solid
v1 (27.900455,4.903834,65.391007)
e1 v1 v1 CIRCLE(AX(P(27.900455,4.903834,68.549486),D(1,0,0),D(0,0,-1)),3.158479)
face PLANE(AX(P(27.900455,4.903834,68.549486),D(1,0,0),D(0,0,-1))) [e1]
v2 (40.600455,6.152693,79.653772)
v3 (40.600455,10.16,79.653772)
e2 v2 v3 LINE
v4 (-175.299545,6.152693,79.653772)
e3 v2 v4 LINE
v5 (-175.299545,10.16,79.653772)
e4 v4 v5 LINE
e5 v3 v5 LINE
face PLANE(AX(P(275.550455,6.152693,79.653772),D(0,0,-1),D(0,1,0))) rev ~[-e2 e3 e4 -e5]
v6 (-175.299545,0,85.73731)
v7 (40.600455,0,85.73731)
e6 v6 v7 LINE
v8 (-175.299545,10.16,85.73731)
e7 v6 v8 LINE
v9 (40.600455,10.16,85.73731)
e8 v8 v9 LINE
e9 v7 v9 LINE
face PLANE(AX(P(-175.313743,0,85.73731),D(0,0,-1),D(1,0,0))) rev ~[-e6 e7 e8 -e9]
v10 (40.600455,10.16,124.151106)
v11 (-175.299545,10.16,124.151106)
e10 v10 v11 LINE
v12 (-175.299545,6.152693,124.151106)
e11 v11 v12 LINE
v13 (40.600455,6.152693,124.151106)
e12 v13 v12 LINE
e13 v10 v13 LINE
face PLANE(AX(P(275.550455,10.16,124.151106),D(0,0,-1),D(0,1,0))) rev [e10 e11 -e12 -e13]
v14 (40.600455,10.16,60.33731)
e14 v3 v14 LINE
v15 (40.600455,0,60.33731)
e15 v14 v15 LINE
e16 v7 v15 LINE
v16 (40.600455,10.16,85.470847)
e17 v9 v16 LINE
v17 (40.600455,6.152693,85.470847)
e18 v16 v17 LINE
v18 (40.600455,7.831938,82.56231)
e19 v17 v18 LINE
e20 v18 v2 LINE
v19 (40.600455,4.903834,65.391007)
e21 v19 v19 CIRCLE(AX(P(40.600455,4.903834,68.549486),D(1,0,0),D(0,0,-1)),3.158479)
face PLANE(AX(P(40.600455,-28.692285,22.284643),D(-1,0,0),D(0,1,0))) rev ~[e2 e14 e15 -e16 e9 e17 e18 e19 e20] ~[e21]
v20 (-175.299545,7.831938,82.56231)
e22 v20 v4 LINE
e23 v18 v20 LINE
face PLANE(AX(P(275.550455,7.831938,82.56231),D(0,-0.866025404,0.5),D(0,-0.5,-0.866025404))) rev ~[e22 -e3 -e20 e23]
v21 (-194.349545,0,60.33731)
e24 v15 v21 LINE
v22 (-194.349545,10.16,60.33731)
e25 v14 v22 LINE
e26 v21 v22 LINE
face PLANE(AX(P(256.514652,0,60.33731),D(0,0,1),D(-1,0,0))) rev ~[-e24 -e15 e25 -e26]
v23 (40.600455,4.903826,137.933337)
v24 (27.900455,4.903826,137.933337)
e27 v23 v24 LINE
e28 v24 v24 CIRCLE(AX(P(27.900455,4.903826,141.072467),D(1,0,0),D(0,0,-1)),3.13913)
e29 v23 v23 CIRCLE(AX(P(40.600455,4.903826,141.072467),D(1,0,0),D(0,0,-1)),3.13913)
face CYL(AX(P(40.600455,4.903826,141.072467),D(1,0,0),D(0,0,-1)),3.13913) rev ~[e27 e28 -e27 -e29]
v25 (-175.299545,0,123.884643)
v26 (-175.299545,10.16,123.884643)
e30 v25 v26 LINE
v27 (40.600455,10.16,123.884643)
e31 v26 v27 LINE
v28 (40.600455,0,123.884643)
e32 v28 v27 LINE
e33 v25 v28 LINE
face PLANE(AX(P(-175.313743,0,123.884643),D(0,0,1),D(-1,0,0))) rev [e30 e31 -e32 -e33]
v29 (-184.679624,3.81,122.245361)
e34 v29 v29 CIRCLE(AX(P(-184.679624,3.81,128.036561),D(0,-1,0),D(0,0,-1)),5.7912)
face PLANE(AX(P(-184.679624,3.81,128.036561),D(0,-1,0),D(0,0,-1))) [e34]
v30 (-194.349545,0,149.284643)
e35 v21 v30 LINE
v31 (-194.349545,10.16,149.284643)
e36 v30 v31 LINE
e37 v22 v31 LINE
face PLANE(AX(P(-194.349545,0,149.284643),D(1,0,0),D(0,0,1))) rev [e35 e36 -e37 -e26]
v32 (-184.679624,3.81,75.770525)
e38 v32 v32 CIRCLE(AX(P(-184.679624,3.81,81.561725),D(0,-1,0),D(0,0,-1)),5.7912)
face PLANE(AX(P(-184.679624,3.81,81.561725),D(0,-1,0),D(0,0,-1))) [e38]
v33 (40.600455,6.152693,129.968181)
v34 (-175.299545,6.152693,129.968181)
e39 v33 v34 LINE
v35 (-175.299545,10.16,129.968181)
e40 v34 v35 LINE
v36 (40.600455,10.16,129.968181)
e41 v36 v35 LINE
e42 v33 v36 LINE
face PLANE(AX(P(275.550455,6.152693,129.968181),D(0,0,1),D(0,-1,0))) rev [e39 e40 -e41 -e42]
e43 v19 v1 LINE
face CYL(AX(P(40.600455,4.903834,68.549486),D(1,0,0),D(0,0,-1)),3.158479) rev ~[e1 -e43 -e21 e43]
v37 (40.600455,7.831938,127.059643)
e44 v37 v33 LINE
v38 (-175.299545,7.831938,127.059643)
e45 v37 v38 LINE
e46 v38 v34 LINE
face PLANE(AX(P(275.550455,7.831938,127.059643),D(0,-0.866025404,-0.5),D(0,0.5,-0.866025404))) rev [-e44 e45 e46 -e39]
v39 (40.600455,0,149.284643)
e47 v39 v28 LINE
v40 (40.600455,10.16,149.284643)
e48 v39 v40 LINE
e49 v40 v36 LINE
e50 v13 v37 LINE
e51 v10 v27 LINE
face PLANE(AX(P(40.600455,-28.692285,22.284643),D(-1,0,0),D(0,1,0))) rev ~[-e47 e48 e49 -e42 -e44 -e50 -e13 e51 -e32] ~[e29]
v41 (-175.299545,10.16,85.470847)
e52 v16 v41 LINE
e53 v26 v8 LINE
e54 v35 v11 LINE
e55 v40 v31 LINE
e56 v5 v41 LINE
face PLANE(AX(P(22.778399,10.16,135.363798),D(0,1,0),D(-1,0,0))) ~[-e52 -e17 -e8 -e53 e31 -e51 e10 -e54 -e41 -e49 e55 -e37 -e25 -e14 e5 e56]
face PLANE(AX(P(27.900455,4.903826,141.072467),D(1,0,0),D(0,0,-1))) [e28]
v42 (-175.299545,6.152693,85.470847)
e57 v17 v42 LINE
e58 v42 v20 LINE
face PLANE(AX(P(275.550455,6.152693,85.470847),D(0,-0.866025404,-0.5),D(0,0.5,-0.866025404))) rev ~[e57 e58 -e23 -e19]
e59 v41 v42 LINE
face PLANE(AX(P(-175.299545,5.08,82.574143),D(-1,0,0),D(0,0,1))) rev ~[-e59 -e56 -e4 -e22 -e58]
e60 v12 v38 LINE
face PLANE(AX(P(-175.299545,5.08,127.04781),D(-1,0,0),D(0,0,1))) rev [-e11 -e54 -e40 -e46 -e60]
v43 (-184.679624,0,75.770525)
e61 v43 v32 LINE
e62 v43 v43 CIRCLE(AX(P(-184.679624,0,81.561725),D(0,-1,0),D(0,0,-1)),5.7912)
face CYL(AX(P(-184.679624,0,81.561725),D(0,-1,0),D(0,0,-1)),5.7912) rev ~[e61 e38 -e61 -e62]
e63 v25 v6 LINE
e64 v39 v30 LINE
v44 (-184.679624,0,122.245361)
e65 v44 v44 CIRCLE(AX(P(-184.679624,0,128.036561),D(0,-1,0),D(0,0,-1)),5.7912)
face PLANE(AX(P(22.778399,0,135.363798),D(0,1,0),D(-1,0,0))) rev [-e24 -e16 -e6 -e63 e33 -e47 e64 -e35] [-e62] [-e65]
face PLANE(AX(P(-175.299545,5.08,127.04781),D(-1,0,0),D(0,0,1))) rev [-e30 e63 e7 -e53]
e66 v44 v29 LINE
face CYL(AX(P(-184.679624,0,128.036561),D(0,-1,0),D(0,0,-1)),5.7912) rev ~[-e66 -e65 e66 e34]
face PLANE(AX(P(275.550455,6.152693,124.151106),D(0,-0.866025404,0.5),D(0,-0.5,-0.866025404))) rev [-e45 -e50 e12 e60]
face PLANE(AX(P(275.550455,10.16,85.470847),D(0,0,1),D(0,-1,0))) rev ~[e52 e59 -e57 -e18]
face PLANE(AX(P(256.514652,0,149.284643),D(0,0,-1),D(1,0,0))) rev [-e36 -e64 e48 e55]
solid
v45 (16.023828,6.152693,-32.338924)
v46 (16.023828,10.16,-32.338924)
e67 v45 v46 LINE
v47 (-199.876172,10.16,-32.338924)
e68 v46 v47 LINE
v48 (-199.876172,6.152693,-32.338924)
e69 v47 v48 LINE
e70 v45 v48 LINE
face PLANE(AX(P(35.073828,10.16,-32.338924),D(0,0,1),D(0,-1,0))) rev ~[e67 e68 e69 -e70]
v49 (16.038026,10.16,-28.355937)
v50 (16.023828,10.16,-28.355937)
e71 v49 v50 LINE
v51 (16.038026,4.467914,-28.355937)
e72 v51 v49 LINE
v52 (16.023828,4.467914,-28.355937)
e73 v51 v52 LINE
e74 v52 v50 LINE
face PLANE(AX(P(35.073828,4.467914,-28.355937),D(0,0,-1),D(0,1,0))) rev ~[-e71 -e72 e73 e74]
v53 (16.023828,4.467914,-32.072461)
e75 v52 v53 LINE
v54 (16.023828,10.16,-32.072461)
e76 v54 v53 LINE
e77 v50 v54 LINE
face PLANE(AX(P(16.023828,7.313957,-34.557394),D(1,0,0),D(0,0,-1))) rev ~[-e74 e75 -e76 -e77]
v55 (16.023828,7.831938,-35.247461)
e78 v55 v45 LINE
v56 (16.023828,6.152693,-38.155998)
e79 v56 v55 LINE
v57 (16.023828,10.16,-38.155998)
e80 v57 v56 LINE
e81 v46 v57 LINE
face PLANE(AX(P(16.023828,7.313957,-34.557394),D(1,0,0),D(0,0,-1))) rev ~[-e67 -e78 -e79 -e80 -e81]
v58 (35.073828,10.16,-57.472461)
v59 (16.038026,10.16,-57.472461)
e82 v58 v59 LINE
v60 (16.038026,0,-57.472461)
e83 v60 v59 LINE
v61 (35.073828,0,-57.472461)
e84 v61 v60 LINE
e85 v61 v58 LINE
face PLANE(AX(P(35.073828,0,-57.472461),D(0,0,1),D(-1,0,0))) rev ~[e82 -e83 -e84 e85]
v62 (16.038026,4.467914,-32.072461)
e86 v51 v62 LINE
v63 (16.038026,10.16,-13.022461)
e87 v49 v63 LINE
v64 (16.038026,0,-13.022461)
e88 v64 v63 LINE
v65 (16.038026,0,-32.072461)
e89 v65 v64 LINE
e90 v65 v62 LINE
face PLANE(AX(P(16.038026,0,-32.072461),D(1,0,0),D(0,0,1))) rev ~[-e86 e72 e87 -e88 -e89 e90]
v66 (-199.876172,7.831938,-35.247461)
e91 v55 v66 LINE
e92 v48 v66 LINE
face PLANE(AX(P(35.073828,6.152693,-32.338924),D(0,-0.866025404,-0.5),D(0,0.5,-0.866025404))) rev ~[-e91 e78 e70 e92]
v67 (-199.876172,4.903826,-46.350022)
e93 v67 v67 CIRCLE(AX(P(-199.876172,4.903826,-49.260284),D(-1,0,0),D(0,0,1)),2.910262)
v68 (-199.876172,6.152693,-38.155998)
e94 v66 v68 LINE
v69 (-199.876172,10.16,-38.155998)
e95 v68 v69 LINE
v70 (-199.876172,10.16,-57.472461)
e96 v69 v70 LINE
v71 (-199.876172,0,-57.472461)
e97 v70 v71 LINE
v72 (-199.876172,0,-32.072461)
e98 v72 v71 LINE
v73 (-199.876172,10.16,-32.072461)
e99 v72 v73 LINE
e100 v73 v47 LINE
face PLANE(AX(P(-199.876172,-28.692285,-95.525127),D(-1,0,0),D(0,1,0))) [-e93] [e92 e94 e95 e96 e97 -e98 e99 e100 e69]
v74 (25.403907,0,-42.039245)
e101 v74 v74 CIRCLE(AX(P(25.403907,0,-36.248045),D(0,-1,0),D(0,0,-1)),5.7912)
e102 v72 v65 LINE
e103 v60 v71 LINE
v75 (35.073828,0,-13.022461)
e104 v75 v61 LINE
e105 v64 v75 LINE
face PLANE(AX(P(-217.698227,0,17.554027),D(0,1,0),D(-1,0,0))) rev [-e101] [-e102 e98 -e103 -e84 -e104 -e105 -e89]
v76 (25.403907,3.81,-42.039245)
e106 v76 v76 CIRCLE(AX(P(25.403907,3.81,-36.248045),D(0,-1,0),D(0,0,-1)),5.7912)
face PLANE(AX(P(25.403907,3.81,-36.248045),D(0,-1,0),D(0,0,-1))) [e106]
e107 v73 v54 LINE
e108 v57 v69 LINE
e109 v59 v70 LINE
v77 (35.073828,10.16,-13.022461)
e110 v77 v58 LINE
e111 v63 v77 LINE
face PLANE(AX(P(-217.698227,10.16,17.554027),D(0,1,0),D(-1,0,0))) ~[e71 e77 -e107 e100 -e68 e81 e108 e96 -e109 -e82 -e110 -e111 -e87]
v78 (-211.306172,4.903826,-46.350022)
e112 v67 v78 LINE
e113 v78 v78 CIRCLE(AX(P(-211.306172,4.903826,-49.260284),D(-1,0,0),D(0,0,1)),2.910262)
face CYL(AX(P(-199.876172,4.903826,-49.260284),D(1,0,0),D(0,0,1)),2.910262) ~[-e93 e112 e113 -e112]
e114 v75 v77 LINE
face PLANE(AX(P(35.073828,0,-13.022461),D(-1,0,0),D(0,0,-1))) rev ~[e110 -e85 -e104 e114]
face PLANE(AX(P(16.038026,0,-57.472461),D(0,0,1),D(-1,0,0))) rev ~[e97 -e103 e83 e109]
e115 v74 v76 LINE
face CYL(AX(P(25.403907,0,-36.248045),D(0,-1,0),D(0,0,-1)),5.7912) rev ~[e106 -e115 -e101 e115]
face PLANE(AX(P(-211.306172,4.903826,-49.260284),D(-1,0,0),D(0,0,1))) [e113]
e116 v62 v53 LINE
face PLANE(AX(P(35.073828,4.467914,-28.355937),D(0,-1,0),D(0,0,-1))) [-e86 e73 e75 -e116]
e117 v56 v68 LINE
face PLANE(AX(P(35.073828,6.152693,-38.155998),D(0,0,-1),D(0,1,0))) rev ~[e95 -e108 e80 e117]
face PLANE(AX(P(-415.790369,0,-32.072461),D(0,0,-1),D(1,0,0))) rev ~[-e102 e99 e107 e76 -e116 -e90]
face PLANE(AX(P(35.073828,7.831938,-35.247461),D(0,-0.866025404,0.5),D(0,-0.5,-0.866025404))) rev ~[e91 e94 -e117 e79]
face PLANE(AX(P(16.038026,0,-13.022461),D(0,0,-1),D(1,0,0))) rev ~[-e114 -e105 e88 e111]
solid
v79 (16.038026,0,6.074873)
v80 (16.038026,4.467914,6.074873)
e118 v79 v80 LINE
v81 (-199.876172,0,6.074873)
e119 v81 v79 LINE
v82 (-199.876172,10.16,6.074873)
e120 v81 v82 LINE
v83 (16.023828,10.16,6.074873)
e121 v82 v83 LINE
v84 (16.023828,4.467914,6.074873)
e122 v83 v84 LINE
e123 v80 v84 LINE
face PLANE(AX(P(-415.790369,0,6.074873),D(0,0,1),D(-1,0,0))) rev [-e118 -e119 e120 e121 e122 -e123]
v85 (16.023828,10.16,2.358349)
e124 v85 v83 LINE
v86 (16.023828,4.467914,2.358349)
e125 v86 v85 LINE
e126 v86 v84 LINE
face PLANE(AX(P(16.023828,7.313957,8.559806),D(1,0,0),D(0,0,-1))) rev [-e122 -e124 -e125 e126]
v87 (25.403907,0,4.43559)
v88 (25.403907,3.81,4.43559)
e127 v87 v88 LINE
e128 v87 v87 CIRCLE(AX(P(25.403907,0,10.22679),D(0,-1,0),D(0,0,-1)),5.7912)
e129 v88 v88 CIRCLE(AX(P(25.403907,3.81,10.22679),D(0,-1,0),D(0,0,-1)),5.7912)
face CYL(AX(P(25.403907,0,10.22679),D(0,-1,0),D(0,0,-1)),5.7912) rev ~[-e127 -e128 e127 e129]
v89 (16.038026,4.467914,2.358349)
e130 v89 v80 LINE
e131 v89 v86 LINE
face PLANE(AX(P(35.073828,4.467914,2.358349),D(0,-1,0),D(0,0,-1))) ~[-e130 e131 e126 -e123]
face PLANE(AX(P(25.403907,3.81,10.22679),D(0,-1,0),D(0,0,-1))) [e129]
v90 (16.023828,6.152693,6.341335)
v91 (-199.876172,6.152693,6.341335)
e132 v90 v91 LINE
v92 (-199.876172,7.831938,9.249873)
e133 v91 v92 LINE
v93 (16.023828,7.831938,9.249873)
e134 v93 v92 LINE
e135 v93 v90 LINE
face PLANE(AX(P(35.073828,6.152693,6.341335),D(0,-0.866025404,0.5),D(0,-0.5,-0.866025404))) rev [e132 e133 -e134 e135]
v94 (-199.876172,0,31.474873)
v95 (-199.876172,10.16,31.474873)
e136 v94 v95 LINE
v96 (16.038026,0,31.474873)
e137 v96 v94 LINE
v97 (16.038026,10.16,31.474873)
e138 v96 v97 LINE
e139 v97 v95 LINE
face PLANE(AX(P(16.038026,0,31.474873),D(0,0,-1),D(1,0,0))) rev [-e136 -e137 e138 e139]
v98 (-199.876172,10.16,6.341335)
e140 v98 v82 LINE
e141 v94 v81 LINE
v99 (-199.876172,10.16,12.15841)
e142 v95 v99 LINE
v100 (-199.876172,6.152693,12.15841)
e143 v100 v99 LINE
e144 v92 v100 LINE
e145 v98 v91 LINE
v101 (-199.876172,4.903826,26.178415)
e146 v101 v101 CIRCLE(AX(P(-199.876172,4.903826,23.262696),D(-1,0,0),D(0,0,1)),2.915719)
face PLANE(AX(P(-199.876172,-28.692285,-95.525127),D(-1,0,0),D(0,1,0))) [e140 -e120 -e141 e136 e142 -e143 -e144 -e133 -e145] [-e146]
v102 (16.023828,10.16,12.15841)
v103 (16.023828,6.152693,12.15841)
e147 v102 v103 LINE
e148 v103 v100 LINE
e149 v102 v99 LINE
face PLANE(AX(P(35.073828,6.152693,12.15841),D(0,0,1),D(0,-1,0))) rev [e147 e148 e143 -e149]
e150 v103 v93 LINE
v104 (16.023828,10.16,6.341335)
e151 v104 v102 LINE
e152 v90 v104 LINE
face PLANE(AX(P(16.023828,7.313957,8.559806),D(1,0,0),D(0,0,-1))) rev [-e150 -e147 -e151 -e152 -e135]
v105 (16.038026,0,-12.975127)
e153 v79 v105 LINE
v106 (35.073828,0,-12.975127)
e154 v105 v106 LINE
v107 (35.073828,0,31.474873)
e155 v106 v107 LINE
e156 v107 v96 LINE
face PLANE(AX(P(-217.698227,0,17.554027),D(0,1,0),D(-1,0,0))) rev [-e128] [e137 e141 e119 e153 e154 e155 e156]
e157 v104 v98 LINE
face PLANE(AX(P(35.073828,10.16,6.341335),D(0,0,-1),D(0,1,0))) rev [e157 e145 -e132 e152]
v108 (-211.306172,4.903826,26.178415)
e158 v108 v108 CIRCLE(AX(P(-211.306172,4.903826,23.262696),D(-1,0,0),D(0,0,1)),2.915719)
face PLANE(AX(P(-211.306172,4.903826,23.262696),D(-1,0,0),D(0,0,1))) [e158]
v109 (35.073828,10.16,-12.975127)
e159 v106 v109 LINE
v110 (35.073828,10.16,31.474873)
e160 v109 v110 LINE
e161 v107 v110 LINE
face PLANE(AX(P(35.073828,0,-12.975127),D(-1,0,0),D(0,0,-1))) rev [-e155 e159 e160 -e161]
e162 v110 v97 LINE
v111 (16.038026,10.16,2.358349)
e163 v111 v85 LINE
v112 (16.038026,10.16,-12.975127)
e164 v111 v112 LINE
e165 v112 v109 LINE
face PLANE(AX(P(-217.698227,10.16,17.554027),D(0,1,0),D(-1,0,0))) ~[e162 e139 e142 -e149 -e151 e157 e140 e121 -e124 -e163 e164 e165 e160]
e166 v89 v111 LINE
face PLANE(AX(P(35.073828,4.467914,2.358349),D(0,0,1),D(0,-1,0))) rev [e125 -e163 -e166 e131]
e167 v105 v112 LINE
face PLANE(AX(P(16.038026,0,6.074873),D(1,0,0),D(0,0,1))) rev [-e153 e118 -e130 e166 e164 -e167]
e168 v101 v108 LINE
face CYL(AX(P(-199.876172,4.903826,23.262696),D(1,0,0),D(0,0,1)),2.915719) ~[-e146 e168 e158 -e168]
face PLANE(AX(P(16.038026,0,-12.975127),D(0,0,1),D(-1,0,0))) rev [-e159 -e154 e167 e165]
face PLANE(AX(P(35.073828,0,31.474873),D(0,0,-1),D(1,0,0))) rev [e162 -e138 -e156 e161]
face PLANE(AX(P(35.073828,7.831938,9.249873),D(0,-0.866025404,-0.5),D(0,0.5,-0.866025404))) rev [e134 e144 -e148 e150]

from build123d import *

# Parameters (mm, degrees)
BOSS_EXTRUDE1_DEPTH      = 10.16
CUT_EXTRUDE1_DEPTH       = 469.9
SKETCH7_W                = 12.402912868
SKETCH7_H                = 5.692085864
BOSS_EXTRUDE2_DEPTH      = 19.05
SKETCH8_W                = 44.473666897
SKETCH8_H                = 10.16
BOSS_EXTRUDE3_DEPTH      = 19.05
SKETCH11_R               = 5.7912
CUT_EXTRUDE2_DEPTH       = 3.81
SURFACE_EXTRUDE1_1_BACK  = 127
SURFACE_EXTRUDE1_1_DEPTH = 127
SURFACE_EXTRUDE1_2_BACK  = 127
SURFACE_EXTRUDE1_2_DEPTH = 127
SKETCH13_R               = 3.158479385
CUT_EXTRUDE3_DEPTH       = 12.7
SKETCH15_R               = 2.910262426
BOSS_EXTRUDE6_DEPTH      = 11.43
SKETCH16_R               = 2.915718577
BOSS_EXTRUDE7_DEPTH      = 11.43
SKETCH17_R               = 3.139130121
CUT_EXTRUDE4_DEPTH       = 12.7


with BuildPart() as part:
    # Sketch1 → Boss-Extrude1 (new body)
    with BuildSketch(Plane(origin=(0, 0, 0), x_dir=(1, 0, 0), z_dir=(0, 1, 0))):
        Polygon((16.038025544, 57.472460937), (-434.826171875, 57.472460937), (-434.826171875, 13.022460937), (-415.790369294, 13.022460937), (-415.790369294, 32.072460937), (16.038025544, 32.072460938), align=None)
        Polygon((35.073828125, 57.472460938), (16.038025544, 57.472460937), (16.038025544, 32.072460938), (16.038025544, 13.022460938), (35.073828125, 13.022460938), align=None)
    extrude(amount=BOSS_EXTRUDE1_DEPTH)

    # Sketch3 → Cut-Extrude1 (cut)
    with BuildSketch(Plane(origin=(35.073828125, 0, 0), x_dir=(0, 0, -1), z_dir=(1, 0, 0))):
        Polygon((38.155998325, 6.152693314), (38.155998325, 10.16), (32.33892355, 10.16), (32.33892355, 6.152693314), (35.247460938, 7.831938158), align=None)
    extrude(amount=-CUT_EXTRUDE1_DEPTH, mode=Mode.SUBTRACT)

    # Sketch7 → Boss-Extrude2 (add)
    with BuildSketch(Plane(origin=(35.073828125, 0, 0), x_dir=(0, 0, -1), z_dir=(1, 0, 0))):
        with Locations((34.557393907, 7.313957068)):
            Rectangle(SKETCH7_W, SKETCH7_H)
    extrude(amount=-BOSS_EXTRUDE2_DEPTH)

    # Sketch8 → Boss-Extrude3 (add)
    with BuildSketch(Plane.ZY.offset(434.826171875)):
        with Locations((-35.23562749, 5.08)):
            Rectangle(SKETCH8_W, SKETCH8_H)
    extrude(amount=-BOSS_EXTRUDE3_DEPTH)

    # Mirror1: part across plane


with BuildPart() as part_1:
    add(part.part)
    add(part.part.mirror(Plane(origin=(-415.776171875, 10.16, -12.998794041), x_dir=(1, 0, 0), z_dir=(0, 0, 1))))

    # Sketch11 → Cut-Extrude2 (cut)
    with BuildSketch(Plane.XZ):
        with Locations(Location((-425.156251148, 10.226790326, 0), (0, 0, 270))):
            Circle(SKETCH11_R)
        with Locations(Location((25.403907398, -36.248045304, 0), (0, 0, 270))):
            Circle(SKETCH11_R)
        with Locations(Location((25.403907398, 10.226790326, 0), (0, 0, 270))):
            Circle(SKETCH11_R)
        with Locations(Location((-425.156251148, -36.248045304, 0), (0, 0, 270))):
            Circle(SKETCH11_R)
    extrude(amount=-CUT_EXTRUDE2_DEPTH, mode=Mode.SUBTRACT)


with BuildPart() as body_2:
    # Split1: the piece behind the surface
    add(part_1.part)
    # Surface-Extrude1: a surface, the sketch's curves swept straight by 127 mm
    with BuildLine(Plane.XY.offset(31.474872855).offset(-SURFACE_EXTRUDE1_1_BACK), mode=Mode.PRIVATE) as surface_extrude1_1_path:
        Line((-199.876171875, -28.692285392), (-199.876171875, 81.458221416))
    surface_extrude1_1 = Shell.extrude(surface_extrude1_1_path.wire(), (0 * SURFACE_EXTRUDE1_1_DEPTH, 0 * SURFACE_EXTRUDE1_1_DEPTH, 1 * SURFACE_EXTRUDE1_1_DEPTH))
    split(bisect_by=surface_extrude1_1, keep=Keep.BOTTOM)

    # Sketch15 → Boss-Extrude6 (add)
    with BuildSketch(Plane.ZY.offset(199.876171875)):
        with Locations((-49.260284321, 4.9038256)):
            Circle(SKETCH15_R)
    extrude(amount=BOSS_EXTRUDE6_DEPTH)

    # Sketch16 → Boss-Extrude7 (add)
    with BuildSketch(Plane.ZY.offset(199.876171875)):
        with Locations((23.262696239, 4.9038256)):
            Circle(SKETCH16_R)
    extrude(amount=BOSS_EXTRUDE7_DEPTH)


with BuildPart() as part_2:
    add(part_1.part)

    # Split1: split by a surface, the side it looks to stays
    # Surface-Extrude1: a surface, the sketch's curves swept straight by 127 mm
    with BuildLine(Plane.XY.offset(31.474872855).offset(-SURFACE_EXTRUDE1_2_BACK), mode=Mode.PRIVATE) as surface_extrude1_2_path:
        Line((-199.876171875, -28.692285392), (-199.876171875, 81.458221416))
    surface_extrude1_2 = Shell.extrude(surface_extrude1_2_path.wire(), (0 * SURFACE_EXTRUDE1_2_DEPTH, 0 * SURFACE_EXTRUDE1_2_DEPTH, 1 * SURFACE_EXTRUDE1_2_DEPTH))
    split(bisect_by=surface_extrude1_2, keep=Keep.TOP)


with BuildPart() as part_3:
    # Body-Move/Copy1: moved
    add(part_2.part.moved(Location((240.476626778, 0, 117.80977063))))

    # Sketch13 → Cut-Extrude3 (cut)
    with BuildSketch(Plane(origin=(40.600454903, 0, 0), x_dir=(0, 0, -1), z_dir=(1, 0, 0))):
        with Locations((-68.549486363, 4.903834039)):
            Circle(SKETCH13_R)
    extrude(amount=-CUT_EXTRUDE3_DEPTH, mode=Mode.SUBTRACT)

    # Sketch17 → Cut-Extrude4 (cut)
    with BuildSketch(Plane(origin=(40.600454903, 0, 0), x_dir=(0, 0, -1), z_dir=(1, 0, 0))):
        with Locations((-141.072466869, 4.9038256)):
            Circle(SKETCH17_R)
    extrude(amount=-CUT_EXTRUDE4_DEPTH, mode=Mode.SUBTRACT)


solid = Compound([body_2.part, part_3.part])
